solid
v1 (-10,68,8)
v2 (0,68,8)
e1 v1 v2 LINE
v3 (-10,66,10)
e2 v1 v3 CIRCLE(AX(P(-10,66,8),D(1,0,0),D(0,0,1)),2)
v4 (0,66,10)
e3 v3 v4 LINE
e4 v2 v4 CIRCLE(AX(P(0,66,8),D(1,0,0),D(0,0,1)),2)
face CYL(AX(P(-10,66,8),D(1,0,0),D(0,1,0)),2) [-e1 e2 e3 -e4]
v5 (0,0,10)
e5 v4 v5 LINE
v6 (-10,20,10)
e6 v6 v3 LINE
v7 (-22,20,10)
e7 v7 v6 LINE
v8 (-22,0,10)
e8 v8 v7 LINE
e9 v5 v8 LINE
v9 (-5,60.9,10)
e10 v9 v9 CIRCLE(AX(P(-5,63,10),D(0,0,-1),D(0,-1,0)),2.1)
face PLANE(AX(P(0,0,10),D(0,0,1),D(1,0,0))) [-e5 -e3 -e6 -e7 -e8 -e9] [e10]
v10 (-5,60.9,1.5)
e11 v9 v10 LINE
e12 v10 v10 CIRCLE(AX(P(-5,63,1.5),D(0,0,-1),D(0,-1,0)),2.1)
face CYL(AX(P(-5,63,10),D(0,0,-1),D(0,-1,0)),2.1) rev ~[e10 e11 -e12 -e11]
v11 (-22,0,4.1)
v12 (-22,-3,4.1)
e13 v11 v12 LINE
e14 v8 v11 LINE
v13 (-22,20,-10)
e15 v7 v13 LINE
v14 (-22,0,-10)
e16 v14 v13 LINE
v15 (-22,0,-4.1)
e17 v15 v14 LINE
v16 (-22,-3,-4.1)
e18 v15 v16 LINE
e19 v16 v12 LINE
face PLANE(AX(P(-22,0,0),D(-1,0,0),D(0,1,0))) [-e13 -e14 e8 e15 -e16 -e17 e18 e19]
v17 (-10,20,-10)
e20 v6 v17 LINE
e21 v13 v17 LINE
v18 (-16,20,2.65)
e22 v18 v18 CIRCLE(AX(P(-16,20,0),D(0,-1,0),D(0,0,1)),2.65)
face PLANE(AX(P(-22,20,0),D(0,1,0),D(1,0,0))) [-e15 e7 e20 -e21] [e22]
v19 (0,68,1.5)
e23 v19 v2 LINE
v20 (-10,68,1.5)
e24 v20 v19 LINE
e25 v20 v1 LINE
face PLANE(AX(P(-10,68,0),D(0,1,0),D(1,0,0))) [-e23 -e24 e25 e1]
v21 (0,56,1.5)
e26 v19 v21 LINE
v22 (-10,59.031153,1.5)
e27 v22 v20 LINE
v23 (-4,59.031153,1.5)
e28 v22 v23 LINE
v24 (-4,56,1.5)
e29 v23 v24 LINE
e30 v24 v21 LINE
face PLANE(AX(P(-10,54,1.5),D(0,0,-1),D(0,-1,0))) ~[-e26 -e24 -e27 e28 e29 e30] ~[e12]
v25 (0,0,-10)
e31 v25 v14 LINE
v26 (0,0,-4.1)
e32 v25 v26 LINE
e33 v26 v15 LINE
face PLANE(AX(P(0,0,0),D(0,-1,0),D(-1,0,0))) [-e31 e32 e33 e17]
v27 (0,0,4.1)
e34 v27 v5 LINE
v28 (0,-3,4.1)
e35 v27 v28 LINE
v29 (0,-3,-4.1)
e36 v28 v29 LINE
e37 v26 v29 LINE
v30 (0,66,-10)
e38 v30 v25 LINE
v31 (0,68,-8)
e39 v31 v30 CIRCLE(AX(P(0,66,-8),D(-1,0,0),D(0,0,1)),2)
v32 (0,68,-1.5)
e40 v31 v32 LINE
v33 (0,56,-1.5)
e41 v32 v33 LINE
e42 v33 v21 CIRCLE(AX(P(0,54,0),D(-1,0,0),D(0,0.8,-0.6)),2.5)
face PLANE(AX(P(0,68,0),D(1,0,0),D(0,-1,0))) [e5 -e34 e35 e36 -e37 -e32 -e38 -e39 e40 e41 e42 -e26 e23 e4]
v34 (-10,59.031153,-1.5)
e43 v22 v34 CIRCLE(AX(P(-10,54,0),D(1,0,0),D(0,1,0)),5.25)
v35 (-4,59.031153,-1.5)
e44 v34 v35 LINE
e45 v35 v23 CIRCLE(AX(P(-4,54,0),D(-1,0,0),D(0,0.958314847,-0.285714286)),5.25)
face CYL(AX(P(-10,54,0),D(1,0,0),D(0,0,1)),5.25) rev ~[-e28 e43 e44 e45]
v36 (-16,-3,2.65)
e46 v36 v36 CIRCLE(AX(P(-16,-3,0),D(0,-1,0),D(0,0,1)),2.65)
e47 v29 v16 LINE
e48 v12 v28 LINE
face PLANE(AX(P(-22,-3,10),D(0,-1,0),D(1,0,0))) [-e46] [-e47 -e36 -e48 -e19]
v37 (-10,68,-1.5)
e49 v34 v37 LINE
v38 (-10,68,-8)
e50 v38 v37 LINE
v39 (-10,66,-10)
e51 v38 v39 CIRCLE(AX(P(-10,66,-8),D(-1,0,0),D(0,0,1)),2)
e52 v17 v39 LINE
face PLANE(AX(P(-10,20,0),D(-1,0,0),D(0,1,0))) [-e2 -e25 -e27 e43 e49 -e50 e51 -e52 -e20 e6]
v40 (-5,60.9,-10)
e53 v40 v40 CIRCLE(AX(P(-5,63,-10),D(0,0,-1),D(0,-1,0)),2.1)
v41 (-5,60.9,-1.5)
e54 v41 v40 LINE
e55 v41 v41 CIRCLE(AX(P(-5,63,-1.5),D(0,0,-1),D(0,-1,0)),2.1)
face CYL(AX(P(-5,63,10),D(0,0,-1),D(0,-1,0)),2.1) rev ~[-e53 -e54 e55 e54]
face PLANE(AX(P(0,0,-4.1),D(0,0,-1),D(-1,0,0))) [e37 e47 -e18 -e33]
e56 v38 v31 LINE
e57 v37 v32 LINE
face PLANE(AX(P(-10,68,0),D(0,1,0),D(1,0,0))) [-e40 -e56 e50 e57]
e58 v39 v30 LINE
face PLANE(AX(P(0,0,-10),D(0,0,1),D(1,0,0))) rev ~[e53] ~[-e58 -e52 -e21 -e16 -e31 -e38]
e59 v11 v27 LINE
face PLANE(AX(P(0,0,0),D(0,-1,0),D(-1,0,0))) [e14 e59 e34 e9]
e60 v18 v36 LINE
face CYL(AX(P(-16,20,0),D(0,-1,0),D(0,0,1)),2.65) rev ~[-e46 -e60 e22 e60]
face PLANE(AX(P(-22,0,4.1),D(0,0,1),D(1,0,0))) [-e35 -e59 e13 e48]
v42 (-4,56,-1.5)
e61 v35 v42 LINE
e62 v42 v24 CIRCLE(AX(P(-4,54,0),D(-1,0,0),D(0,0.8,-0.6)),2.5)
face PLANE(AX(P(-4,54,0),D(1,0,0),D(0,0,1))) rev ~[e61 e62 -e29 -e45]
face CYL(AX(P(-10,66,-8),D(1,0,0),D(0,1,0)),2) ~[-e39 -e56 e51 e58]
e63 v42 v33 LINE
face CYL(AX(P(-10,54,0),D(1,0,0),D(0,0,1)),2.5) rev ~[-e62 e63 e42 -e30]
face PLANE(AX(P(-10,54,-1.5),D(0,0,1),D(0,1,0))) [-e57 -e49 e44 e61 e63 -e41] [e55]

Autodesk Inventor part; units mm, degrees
ref_plane "YZ Plane" through (0, 0, 0) normal (1, 0, 0) x (0, 1, 0)
ref_plane "XZ Plane" through (0, 0, 0) normal (0, 1, 0) x (-1, 0, 0)
ref_plane "XY Plane" through (0, 0, 0) normal (0, 0, 1) x (1, 0, 0)
sketch "Sketch1" plane through (0, 0, 0) normal (0, 0, 1) x (1, 0, 0)
  line L0 (-26.4, 0) -> (4.4, 0) construction
  line L1 (0, -28.2297) -> (0, 100.056) construction
  line L2 (0, 0) -> (-22, 0)
  line L3 (-22, 0) -> (-22, 20)
  line L4 (-22, 20) -> (-10, 20)
  line L5 (-10, 20) -> (-10, 68)
  line L6 (-10, 68) -> (0, 68)
  line L7 (0, 68) -> (0, 0)
  dimension "d0" = 68
  dimension "d1" = 10
  dimension "d2" = 22
  dimension "d3" = 20
extrude "Extrusion1" add sketch "Sketch1" along normal mid plane 20
sketch "Sketch2" plane through (-22, 0, 10) normal (0, -1, 0) x (1, 0, 0)
  line L0 (-4.4, -10) -> (26.4, -10) construction
  line L1 (22, -24) -> (22, 4) construction
  line L2 (0, 0) -> (0, -20) construction
  line L3 (0, -5.9) -> (22, -5.9)
  line L4 (22, -5.9) -> (22, -14.1)
  line L5 (22, -14.1) -> (0, -14.1)
  line L6 (0, -14.1) -> (0, -5.9)
  point P0 (22, -10)
  point P1 (22, -10)
  dimension "d6" = 8.2
extrude "Extrusion2" add sketch "Sketch2" along normal blind 3
sketch "Sketch4" plane through (-22, 20, 10) normal (0, 1, 0) x (1, 0, 0)
  line L0 (-4.4, 10) -> (26.4, 10) projected
  line L1 (22, 24) -> (22, -4) projected
  point P0 (22, 10)
  point P1 (6, 10)
  dimension "d18" = 16
hole "Hole2" at (-16, 20, 0) direction (0, -1, 0) diameter 5.3 end through all
sketch "Esquisse5" plane through (-10, 20, -10) normal (-1, 0, 0) x (0, 0, 1)
  line L0 (10, -33.1749) -> (10, 52.2673)
  line L1 (5.9, -20) -> (0, -20) projected
  point P0 (10, -20)
  point P1 (10, 34)
  dimension "d28" = 54
hole "Perçage3" at (-10, 54, 0) direction (1, 0, 0) diameter 5 end through all
fillet "Congé2" radius 2 1 edges at (-5, 68, -10)
fillet "Congé3" radius 2 1 edges at (-5, 68, 10)
sketch "Esquisse6" plane through (-10, 20, -10) normal (-1, 0, 0) x (0, 0, 1)
  line L0 (10, -28.7649) -> (10, 59.9082)
  line L1 (5.9, -20) -> (0, -20) projected
  point P0 (10, -20)
  point P1 (10, 34)
  dimension "d38" = 54
hole "Perçage4" at (-10, 54, 0) direction (1, 0, 0) diameter 10.5 depth 6
sketch "Esquisse8" plane through (-10, 20, -10) normal (-1, 0, 0) x (0, 0, 1)
  line L0 (10, -28.9396) -> (10, 64.2926)
  line L1 (10, 34) -> (8.5, 34)
  line L2 (8.5, 34) -> (8.5, 50.8033)
  line L3 (8.5, 50.8033) -> (10, 50.8033)
  line L4 (5.9, -20) -> (0, -20) projected
  line L5 (20, 46) -> (20, 0) projected
  line L6 (10, 34) -> (10, 50.8033)
  point P0 (10, -20)
  dimension "d50" = 54
  dimension "d51" = 3
  dimension "d52" = 10
  dimension "d53" = 16.8033
  dimension "d54" = 8.9396
  dimension "d55" = 93.2322
extrude "Extrusion3" cut sketch "Esquisse8" against normal through all
mirror "Symétrie1" about plane through (-10, 70.8033, 0) normal (0, 0, -1) of "Extrusion3"
sketch "Esquisse9" plane through (0, 0, 10) normal (0, 0, 1) x (1, 0, 0)
  line L0 (-10, 66) -> (-10, 20) projected
  line L1 (-22, 0) -> (0, 0) projected
  point P0 (-5, 63)
  dimension "d58" = 5
  dimension "d59" = 63
hole "Perçage5" at (-5, 63, 10) direction (0, 0, -1) diameter 4.2 end through all
properties part number "P116SupportFibre" material "ABS"
